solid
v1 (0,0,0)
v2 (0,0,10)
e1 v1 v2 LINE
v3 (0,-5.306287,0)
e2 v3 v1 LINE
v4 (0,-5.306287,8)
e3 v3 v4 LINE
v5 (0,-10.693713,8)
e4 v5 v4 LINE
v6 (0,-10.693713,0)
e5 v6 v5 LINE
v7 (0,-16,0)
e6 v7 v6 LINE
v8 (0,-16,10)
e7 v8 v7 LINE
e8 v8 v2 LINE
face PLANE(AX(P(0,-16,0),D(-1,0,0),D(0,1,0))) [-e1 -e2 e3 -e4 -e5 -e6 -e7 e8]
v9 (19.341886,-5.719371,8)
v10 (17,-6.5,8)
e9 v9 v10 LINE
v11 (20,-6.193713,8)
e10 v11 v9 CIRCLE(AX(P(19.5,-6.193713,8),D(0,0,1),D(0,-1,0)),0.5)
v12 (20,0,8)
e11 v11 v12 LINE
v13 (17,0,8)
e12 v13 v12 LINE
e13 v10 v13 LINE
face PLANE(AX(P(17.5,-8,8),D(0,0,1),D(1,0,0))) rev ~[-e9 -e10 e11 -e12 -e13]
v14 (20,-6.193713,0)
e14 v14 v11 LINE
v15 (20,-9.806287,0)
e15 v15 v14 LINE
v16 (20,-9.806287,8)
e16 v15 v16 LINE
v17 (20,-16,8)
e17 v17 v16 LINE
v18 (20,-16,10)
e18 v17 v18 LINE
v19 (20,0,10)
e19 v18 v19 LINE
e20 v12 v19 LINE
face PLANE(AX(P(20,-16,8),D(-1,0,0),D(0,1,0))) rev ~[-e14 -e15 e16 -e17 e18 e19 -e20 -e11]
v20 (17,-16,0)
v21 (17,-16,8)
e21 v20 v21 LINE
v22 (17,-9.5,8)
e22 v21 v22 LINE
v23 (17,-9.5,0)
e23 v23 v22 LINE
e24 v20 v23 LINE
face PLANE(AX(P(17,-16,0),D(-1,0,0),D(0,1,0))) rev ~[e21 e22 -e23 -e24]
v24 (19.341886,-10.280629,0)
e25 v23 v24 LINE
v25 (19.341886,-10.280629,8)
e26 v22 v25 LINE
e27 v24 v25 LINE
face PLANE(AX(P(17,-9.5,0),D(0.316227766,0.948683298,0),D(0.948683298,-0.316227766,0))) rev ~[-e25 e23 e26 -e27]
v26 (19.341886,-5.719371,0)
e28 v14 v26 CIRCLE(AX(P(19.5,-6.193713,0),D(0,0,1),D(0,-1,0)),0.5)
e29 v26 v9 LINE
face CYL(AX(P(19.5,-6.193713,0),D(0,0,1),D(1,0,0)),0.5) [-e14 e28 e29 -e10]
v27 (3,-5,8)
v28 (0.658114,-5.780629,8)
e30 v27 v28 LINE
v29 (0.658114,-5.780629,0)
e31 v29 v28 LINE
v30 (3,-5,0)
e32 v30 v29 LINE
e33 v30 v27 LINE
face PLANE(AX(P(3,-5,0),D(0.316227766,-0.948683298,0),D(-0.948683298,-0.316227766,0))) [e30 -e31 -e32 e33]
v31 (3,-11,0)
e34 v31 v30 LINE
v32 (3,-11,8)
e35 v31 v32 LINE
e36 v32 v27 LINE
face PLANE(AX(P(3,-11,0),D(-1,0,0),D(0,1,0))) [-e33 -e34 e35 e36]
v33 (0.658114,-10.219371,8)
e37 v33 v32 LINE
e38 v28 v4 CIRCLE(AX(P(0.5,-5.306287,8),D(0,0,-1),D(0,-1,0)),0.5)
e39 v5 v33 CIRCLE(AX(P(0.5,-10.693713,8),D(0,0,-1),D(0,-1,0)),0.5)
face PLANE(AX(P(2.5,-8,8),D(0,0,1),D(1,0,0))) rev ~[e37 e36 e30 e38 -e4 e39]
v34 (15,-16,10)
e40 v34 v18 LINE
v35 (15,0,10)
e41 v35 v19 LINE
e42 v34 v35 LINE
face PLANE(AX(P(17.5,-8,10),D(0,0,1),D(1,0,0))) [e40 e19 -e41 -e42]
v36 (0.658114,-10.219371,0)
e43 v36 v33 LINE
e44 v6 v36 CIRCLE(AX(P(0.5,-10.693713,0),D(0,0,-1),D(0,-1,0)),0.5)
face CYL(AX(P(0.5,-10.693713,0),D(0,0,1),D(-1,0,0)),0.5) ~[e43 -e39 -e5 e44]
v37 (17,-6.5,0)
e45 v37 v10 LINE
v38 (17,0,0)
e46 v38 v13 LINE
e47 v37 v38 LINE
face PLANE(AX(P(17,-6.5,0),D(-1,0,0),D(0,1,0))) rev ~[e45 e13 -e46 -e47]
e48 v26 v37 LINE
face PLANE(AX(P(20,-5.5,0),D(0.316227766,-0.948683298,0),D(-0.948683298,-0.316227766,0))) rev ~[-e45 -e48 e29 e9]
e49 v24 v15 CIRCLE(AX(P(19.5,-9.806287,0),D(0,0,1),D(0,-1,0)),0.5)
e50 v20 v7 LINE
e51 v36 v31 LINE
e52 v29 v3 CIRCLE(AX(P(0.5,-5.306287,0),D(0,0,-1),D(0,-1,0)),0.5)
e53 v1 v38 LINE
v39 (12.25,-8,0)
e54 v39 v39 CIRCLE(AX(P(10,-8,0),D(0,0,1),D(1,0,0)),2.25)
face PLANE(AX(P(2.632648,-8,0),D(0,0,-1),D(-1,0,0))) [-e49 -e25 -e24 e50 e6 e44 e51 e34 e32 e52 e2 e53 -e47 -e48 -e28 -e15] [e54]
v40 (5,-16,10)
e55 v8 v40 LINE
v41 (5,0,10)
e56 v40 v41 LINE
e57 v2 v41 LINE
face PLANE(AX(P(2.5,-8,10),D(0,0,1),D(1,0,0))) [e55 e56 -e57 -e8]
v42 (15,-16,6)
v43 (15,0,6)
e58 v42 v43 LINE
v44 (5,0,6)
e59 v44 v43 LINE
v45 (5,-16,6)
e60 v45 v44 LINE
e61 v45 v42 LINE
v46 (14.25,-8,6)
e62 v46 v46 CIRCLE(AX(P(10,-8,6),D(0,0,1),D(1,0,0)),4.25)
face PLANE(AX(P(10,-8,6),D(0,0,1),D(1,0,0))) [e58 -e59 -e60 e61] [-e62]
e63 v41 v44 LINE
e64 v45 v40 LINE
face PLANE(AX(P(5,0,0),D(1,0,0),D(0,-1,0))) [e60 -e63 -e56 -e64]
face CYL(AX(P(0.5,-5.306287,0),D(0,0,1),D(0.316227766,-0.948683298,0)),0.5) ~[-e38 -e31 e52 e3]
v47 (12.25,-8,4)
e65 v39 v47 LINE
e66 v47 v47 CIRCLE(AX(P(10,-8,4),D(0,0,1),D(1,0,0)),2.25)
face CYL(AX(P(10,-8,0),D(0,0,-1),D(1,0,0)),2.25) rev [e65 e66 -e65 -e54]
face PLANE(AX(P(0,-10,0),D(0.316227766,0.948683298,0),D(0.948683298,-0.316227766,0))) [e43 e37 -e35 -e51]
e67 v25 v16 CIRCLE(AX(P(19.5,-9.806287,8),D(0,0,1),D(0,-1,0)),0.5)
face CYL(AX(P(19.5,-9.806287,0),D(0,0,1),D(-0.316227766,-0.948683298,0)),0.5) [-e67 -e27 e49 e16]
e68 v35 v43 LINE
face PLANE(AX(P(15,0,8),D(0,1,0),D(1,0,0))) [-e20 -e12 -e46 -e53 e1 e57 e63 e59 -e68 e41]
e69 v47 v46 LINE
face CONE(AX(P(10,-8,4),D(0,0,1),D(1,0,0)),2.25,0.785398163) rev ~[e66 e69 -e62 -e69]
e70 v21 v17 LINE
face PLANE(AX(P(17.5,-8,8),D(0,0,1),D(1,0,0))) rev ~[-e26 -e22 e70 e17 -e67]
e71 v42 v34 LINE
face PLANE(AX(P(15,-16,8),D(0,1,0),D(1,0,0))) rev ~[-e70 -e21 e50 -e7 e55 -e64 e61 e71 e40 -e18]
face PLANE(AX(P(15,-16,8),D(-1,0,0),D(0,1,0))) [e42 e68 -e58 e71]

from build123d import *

# Parameters (mm, degrees)
PAD_DEPTH    = 8
FILLET_R     = 0.5
SKETCH002_W  = 5
SKETCH002_H  = 16
PAD002_DEPTH = 2
SKETCH001_W  = 10
SKETCH001_H  = 16
SKETCH001_R  = 2.25
PAD001_DEPTH = 6
CHAMFER_SIZE = 2


with BuildPart() as encaixes:
    # Sketch → Pad (new body)
    with BuildSketch(Plane.XY):
        Polygon((0, 0), (5, 0), (5, -16), (0, -16), (0, -10), (3, -11), (3, -5), (0, -6), align=None)
        Polygon((15, 0), (15, -16), (17, -16), (17, -9.5), (20, -10.5), (20, -5.5), (17, -6.5), (17, 0), align=None)
    extrude(amount=PAD_DEPTH)

    # Fillet
    fillet_edges = [encaixes.edges().sort_by_distance(p)[0] for p in [
        (0, -6, 4),
        (0, -10, 4),
        (20, -5.5, 4),
        (20, -10.5, 4),
    ]]
    fillet(fillet_edges, radius=FILLET_R)


with BuildPart() as pad002:
    # Sketch002 → Pad002 (new body)
    with BuildSketch(Plane.XY.offset(8)):
        with Locations((2.5, -8)):
            Rectangle(SKETCH002_W, SKETCH002_H)
        with Locations((17.5, -8)):
            Rectangle(SKETCH002_W, SKETCH002_H)
    extrude(amount=PAD002_DEPTH)


with BuildPart() as fusion:
    # Sketch001 → Pad001 (new body)
    with BuildSketch(Plane.XY):
        with Locations((10, -8)):
            Rectangle(SKETCH001_W, SKETCH001_H)
        with Locations((10, -8)):
            Circle(SKETCH001_R, mode=Mode.SUBTRACT)
    extrude(amount=PAD001_DEPTH)

    # Chamfer
    chamfer_edges = [fusion.edges().sort_by_distance(p)[0] for p in [
        (7.75, -8, 6),
    ]]
    chamfer(chamfer_edges, length=CHAMFER_SIZE)

    # Fusion: union Encaixes, Pad002
    add(encaixes.part)
    add(pad002.part)


solid = fusion.part
